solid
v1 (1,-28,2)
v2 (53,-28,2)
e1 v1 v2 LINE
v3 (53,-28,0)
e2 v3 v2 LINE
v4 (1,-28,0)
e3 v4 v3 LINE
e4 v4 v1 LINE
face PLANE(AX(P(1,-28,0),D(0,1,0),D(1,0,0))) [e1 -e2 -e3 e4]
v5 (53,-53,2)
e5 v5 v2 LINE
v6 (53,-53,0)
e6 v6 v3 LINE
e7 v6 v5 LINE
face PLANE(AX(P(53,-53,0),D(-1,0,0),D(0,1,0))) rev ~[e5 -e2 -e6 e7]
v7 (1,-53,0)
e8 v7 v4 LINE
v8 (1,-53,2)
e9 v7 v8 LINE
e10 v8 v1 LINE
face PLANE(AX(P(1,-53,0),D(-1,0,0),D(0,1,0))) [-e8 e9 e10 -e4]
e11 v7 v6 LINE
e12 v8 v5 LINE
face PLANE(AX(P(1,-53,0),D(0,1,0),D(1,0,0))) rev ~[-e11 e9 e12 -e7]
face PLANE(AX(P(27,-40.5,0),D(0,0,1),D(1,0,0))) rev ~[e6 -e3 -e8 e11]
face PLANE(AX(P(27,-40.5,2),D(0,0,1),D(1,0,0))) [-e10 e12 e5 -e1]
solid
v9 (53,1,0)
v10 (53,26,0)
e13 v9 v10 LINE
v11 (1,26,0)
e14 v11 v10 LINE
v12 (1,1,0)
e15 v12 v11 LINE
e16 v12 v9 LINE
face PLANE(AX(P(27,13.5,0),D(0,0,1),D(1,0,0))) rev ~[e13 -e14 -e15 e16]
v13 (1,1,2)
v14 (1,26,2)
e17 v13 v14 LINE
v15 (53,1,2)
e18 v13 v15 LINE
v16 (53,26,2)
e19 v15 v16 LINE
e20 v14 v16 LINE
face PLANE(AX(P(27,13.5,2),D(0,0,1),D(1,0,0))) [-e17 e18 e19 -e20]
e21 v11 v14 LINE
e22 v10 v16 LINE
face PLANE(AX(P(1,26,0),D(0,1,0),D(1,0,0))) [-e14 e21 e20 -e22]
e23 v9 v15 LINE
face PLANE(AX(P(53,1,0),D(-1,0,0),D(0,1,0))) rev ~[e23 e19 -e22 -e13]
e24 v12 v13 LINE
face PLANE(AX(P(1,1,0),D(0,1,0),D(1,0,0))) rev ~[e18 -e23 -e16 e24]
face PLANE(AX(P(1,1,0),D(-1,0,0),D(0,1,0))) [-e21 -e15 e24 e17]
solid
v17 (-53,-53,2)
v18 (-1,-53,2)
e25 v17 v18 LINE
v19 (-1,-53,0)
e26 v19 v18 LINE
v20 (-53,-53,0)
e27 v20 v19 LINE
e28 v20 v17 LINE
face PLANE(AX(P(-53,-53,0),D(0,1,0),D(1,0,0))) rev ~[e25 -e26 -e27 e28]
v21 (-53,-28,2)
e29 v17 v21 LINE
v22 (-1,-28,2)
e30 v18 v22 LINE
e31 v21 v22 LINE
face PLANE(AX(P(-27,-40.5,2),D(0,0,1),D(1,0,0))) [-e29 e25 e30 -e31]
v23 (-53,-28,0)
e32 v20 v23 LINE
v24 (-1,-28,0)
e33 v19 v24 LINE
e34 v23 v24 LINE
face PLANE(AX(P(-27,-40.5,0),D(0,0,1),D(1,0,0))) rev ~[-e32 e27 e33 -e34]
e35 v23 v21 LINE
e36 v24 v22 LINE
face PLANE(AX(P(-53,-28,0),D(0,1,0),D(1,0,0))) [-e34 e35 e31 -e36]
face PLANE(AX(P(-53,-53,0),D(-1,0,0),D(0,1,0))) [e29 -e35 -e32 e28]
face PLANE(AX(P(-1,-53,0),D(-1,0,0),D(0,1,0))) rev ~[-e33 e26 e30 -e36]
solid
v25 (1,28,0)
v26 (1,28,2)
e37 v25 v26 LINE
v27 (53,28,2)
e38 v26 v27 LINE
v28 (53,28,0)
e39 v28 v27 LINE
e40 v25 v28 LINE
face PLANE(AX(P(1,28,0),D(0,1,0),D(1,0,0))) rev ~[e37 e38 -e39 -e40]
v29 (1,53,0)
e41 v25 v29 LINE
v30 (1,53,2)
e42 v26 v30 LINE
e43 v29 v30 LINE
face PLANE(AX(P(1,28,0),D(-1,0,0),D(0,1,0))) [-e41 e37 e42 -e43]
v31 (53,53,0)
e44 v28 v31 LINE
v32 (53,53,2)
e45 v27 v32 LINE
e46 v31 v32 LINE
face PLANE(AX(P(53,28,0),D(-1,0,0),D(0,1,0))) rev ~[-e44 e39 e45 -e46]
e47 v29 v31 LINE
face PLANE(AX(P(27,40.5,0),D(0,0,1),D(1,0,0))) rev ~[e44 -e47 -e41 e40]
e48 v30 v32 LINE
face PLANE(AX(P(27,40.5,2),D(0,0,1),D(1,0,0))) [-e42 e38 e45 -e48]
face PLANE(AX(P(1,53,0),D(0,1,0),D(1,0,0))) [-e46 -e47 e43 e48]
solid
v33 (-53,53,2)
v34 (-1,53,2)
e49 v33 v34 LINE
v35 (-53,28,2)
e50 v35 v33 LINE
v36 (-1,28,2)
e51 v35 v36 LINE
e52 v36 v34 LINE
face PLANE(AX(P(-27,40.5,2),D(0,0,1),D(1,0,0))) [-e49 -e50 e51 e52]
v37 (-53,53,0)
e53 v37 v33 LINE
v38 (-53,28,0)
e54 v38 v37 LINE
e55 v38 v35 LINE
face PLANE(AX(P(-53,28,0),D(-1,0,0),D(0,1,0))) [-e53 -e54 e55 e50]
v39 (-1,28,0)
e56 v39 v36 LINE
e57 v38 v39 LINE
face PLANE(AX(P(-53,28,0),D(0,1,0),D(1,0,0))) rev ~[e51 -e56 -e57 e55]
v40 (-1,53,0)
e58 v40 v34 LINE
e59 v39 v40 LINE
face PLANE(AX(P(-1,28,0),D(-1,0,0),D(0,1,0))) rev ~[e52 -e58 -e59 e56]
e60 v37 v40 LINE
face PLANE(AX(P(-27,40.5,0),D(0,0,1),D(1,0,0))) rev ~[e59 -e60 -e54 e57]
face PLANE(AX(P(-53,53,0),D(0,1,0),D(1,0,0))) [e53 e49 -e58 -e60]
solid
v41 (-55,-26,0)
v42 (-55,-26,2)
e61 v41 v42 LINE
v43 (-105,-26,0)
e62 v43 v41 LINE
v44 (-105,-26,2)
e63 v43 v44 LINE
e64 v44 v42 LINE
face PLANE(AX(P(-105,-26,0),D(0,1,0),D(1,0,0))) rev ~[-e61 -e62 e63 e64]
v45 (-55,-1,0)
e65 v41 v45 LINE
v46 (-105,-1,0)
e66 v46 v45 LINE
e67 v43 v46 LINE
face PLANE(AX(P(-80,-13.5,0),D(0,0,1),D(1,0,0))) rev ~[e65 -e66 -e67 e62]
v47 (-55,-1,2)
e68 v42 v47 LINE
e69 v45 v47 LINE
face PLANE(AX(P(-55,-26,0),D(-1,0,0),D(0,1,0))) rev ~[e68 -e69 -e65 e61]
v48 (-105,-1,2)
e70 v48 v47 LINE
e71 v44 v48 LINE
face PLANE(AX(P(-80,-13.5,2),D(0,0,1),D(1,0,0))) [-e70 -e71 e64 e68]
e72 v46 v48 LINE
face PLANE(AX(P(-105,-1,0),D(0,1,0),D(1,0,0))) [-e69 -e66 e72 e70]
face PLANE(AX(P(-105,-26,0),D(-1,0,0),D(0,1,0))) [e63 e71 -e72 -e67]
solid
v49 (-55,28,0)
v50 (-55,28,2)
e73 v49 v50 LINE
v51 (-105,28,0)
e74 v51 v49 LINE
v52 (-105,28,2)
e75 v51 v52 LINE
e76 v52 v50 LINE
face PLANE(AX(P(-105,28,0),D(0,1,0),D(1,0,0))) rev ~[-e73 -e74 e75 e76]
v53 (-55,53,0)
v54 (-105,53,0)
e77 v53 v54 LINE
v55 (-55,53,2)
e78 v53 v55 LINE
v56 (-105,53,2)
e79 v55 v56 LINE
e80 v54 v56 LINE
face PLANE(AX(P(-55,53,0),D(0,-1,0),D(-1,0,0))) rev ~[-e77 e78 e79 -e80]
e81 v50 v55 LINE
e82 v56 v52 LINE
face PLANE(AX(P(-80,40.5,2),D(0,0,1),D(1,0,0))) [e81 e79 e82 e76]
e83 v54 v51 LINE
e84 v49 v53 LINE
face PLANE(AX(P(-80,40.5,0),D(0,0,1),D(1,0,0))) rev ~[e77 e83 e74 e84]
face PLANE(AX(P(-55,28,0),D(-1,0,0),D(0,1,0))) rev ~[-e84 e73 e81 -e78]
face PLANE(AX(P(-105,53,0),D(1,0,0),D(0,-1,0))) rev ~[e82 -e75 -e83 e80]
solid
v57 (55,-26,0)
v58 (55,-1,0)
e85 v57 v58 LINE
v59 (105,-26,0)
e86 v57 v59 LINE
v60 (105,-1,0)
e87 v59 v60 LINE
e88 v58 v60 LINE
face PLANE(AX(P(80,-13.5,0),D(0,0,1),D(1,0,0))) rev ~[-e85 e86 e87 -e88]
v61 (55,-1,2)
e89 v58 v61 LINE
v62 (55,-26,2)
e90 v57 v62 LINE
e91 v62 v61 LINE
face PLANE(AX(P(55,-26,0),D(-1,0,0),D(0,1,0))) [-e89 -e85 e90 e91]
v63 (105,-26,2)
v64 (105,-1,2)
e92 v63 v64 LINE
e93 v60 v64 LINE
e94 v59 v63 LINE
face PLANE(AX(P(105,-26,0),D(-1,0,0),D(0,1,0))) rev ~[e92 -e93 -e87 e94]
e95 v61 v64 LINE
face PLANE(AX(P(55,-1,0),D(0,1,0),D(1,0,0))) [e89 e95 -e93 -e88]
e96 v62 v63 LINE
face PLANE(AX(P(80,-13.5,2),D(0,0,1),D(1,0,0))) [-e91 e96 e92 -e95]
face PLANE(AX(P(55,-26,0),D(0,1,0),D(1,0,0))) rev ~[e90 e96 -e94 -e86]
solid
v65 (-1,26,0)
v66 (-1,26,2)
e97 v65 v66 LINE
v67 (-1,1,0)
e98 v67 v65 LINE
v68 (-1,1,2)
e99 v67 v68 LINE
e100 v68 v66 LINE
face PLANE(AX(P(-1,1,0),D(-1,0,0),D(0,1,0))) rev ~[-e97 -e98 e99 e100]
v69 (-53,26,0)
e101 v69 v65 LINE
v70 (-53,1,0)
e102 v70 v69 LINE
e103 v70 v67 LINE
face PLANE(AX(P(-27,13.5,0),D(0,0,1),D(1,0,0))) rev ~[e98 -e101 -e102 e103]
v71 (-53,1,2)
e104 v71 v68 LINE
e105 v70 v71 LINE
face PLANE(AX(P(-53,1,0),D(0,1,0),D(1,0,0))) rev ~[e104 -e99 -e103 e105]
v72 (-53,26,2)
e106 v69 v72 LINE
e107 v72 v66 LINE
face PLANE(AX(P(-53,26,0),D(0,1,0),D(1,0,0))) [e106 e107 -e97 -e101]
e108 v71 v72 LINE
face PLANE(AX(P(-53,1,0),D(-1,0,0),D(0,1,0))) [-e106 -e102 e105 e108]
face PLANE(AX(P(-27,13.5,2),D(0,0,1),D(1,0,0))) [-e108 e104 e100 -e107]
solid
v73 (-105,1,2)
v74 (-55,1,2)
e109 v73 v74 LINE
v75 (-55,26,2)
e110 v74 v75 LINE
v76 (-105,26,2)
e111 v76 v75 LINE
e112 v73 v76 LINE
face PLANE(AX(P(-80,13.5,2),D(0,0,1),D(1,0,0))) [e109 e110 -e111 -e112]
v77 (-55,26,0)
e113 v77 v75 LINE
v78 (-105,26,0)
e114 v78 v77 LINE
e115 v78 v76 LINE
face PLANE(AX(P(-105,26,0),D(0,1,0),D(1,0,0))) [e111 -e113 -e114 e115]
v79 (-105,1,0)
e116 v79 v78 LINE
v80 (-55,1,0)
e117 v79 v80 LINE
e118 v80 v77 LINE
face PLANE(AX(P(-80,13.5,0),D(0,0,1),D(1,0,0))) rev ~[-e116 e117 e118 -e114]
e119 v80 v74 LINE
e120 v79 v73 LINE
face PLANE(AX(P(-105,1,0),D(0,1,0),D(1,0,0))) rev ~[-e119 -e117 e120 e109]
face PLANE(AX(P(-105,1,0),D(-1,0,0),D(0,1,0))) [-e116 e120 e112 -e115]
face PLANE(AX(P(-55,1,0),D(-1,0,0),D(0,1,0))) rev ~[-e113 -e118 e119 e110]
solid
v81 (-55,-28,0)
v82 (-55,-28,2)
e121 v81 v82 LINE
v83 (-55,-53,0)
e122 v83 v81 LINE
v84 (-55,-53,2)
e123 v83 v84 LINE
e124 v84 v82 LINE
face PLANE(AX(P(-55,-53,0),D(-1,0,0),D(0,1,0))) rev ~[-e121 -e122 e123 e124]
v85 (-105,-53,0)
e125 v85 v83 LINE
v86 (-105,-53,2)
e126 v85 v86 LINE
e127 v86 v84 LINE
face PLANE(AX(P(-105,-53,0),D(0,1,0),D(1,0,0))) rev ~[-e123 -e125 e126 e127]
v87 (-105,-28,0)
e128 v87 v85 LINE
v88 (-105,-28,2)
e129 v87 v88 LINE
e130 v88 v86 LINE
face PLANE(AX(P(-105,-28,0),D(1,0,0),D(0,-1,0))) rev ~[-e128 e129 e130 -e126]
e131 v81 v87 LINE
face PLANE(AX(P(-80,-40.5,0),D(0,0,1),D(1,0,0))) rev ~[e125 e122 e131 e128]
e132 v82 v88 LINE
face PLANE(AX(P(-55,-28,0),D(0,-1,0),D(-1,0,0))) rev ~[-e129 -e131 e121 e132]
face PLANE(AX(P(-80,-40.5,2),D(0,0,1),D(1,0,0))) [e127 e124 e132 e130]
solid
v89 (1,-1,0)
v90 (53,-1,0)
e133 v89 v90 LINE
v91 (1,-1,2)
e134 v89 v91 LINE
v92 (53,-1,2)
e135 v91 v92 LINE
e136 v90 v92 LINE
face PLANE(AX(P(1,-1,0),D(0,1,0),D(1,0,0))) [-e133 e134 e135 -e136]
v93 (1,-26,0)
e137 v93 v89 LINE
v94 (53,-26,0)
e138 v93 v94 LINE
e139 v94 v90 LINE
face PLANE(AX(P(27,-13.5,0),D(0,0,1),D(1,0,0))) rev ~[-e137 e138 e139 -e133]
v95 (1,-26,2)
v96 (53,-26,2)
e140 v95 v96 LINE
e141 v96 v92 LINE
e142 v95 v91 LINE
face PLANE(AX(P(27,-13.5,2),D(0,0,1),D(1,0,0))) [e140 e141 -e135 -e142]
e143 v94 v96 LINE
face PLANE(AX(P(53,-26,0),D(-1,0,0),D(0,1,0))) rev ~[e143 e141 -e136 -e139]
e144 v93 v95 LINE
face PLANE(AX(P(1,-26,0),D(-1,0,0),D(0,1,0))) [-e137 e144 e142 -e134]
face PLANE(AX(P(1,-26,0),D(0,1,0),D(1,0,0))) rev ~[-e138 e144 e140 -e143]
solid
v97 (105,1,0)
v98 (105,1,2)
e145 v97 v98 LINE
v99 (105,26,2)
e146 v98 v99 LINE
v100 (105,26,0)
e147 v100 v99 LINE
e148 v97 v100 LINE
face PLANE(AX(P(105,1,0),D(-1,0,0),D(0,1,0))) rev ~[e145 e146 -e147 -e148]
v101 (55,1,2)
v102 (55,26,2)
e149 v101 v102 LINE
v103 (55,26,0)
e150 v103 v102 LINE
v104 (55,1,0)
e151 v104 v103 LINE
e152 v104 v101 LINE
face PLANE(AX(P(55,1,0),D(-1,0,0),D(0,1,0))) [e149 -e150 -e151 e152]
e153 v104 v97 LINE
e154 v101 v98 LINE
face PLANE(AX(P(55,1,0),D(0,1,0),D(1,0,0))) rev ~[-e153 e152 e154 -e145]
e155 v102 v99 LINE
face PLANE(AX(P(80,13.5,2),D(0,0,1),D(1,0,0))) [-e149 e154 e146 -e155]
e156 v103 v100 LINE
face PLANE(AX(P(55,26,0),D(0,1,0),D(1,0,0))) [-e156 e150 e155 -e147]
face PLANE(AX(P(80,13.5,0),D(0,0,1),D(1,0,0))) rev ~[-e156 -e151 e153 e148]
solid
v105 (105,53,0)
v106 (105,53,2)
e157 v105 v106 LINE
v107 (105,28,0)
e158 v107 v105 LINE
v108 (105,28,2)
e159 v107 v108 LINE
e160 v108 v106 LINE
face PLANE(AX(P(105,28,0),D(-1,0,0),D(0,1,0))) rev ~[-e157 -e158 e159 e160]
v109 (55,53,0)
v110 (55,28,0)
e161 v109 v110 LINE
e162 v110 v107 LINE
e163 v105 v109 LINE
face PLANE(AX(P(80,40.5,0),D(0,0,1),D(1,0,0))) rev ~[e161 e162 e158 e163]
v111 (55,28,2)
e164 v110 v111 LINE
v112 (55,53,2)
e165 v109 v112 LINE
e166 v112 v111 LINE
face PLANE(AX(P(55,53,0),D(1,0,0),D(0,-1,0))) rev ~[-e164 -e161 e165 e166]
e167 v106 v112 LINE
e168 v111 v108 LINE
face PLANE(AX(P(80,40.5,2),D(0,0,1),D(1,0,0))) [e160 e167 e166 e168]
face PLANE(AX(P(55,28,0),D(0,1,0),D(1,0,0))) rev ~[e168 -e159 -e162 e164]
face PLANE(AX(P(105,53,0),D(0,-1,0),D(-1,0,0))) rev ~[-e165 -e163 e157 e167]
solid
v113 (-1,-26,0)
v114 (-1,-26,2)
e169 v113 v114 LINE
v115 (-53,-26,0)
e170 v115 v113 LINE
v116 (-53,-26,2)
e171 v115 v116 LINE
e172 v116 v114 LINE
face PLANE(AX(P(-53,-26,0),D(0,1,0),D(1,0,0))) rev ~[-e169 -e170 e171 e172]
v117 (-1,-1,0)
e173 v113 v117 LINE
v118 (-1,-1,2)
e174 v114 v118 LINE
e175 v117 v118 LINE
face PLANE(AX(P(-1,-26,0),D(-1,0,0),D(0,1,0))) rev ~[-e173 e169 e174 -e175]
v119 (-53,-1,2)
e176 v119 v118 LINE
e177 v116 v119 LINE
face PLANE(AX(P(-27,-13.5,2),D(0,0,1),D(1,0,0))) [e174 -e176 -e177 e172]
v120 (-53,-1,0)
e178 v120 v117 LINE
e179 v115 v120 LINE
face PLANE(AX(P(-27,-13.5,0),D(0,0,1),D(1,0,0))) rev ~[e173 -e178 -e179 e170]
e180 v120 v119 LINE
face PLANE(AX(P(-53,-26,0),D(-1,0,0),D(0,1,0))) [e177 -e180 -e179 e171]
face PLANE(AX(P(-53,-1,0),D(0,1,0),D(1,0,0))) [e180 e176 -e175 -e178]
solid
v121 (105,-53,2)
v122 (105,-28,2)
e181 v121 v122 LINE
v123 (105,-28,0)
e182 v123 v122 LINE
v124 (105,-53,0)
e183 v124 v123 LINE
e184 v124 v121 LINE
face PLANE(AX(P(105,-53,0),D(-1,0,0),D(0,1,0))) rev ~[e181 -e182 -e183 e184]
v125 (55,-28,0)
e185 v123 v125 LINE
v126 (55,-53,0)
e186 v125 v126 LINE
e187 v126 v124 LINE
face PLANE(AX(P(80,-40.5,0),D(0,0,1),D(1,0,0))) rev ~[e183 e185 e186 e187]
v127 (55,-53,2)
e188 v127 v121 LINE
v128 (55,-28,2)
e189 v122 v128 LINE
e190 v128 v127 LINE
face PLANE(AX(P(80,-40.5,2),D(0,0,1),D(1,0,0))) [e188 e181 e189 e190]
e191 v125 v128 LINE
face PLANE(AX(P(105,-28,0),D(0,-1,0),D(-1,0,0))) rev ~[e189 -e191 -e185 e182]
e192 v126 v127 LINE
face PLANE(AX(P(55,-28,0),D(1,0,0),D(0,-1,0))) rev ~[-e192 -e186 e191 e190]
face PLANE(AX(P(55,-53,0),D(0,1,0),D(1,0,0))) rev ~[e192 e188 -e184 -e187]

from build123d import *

# Parameters (mm, degrees)
F0_W     = 52
F0_H     = 25
F0_W_2   = 50
F1_DEPTH = 2


with BuildPart() as f1:
    # F0 (on Top) → F1 (new body)
    with BuildSketch(Plane.XY):
        Polygon((-55, 53), (-105, 53), (-105, 30), (-105, 28), (-55, 28), align=None)
        with Locations((-27, 40.5)):
            Rectangle(F0_W, F0_H)
        with Locations((27, 40.5)):
            Rectangle(F0_W, F0_H)
        with Locations((27, 13.5)):
            Rectangle(F0_W, F0_H)
        with Locations((-27, 13.5)):
            Rectangle(F0_W, F0_H)
        with Locations((-80, 13.5)):
            Rectangle(F0_W_2, F0_H)
        with Locations((-80, -13.5)):
            Rectangle(F0_W_2, F0_H)
        with Locations((-27, -13.5)):
            Rectangle(F0_W, F0_H)
        with Locations((27, -13.5)):
            Rectangle(F0_W, F0_H)
        Polygon((105, 53), (55, 53), (55, 28), (105, 28), (105, 30), align=None)
        with Locations((80, 13.5)):
            Rectangle(F0_W_2, F0_H)
        with Locations((80, -13.5)):
            Rectangle(F0_W_2, F0_H)
        Polygon((55, -28), (55, -53), (105, -53), (105, -30), (105, -28), align=None)
        with Locations((27, -40.5)):
            Rectangle(F0_W, F0_H)
        with Locations((-27, -40.5)):
            Rectangle(F0_W, F0_H)
        Polygon((-55, -28), (-105, -28), (-105, -30), (-105, -53), (-55, -53), align=None)
    extrude(amount=F1_DEPTH)


solid = f1.part
